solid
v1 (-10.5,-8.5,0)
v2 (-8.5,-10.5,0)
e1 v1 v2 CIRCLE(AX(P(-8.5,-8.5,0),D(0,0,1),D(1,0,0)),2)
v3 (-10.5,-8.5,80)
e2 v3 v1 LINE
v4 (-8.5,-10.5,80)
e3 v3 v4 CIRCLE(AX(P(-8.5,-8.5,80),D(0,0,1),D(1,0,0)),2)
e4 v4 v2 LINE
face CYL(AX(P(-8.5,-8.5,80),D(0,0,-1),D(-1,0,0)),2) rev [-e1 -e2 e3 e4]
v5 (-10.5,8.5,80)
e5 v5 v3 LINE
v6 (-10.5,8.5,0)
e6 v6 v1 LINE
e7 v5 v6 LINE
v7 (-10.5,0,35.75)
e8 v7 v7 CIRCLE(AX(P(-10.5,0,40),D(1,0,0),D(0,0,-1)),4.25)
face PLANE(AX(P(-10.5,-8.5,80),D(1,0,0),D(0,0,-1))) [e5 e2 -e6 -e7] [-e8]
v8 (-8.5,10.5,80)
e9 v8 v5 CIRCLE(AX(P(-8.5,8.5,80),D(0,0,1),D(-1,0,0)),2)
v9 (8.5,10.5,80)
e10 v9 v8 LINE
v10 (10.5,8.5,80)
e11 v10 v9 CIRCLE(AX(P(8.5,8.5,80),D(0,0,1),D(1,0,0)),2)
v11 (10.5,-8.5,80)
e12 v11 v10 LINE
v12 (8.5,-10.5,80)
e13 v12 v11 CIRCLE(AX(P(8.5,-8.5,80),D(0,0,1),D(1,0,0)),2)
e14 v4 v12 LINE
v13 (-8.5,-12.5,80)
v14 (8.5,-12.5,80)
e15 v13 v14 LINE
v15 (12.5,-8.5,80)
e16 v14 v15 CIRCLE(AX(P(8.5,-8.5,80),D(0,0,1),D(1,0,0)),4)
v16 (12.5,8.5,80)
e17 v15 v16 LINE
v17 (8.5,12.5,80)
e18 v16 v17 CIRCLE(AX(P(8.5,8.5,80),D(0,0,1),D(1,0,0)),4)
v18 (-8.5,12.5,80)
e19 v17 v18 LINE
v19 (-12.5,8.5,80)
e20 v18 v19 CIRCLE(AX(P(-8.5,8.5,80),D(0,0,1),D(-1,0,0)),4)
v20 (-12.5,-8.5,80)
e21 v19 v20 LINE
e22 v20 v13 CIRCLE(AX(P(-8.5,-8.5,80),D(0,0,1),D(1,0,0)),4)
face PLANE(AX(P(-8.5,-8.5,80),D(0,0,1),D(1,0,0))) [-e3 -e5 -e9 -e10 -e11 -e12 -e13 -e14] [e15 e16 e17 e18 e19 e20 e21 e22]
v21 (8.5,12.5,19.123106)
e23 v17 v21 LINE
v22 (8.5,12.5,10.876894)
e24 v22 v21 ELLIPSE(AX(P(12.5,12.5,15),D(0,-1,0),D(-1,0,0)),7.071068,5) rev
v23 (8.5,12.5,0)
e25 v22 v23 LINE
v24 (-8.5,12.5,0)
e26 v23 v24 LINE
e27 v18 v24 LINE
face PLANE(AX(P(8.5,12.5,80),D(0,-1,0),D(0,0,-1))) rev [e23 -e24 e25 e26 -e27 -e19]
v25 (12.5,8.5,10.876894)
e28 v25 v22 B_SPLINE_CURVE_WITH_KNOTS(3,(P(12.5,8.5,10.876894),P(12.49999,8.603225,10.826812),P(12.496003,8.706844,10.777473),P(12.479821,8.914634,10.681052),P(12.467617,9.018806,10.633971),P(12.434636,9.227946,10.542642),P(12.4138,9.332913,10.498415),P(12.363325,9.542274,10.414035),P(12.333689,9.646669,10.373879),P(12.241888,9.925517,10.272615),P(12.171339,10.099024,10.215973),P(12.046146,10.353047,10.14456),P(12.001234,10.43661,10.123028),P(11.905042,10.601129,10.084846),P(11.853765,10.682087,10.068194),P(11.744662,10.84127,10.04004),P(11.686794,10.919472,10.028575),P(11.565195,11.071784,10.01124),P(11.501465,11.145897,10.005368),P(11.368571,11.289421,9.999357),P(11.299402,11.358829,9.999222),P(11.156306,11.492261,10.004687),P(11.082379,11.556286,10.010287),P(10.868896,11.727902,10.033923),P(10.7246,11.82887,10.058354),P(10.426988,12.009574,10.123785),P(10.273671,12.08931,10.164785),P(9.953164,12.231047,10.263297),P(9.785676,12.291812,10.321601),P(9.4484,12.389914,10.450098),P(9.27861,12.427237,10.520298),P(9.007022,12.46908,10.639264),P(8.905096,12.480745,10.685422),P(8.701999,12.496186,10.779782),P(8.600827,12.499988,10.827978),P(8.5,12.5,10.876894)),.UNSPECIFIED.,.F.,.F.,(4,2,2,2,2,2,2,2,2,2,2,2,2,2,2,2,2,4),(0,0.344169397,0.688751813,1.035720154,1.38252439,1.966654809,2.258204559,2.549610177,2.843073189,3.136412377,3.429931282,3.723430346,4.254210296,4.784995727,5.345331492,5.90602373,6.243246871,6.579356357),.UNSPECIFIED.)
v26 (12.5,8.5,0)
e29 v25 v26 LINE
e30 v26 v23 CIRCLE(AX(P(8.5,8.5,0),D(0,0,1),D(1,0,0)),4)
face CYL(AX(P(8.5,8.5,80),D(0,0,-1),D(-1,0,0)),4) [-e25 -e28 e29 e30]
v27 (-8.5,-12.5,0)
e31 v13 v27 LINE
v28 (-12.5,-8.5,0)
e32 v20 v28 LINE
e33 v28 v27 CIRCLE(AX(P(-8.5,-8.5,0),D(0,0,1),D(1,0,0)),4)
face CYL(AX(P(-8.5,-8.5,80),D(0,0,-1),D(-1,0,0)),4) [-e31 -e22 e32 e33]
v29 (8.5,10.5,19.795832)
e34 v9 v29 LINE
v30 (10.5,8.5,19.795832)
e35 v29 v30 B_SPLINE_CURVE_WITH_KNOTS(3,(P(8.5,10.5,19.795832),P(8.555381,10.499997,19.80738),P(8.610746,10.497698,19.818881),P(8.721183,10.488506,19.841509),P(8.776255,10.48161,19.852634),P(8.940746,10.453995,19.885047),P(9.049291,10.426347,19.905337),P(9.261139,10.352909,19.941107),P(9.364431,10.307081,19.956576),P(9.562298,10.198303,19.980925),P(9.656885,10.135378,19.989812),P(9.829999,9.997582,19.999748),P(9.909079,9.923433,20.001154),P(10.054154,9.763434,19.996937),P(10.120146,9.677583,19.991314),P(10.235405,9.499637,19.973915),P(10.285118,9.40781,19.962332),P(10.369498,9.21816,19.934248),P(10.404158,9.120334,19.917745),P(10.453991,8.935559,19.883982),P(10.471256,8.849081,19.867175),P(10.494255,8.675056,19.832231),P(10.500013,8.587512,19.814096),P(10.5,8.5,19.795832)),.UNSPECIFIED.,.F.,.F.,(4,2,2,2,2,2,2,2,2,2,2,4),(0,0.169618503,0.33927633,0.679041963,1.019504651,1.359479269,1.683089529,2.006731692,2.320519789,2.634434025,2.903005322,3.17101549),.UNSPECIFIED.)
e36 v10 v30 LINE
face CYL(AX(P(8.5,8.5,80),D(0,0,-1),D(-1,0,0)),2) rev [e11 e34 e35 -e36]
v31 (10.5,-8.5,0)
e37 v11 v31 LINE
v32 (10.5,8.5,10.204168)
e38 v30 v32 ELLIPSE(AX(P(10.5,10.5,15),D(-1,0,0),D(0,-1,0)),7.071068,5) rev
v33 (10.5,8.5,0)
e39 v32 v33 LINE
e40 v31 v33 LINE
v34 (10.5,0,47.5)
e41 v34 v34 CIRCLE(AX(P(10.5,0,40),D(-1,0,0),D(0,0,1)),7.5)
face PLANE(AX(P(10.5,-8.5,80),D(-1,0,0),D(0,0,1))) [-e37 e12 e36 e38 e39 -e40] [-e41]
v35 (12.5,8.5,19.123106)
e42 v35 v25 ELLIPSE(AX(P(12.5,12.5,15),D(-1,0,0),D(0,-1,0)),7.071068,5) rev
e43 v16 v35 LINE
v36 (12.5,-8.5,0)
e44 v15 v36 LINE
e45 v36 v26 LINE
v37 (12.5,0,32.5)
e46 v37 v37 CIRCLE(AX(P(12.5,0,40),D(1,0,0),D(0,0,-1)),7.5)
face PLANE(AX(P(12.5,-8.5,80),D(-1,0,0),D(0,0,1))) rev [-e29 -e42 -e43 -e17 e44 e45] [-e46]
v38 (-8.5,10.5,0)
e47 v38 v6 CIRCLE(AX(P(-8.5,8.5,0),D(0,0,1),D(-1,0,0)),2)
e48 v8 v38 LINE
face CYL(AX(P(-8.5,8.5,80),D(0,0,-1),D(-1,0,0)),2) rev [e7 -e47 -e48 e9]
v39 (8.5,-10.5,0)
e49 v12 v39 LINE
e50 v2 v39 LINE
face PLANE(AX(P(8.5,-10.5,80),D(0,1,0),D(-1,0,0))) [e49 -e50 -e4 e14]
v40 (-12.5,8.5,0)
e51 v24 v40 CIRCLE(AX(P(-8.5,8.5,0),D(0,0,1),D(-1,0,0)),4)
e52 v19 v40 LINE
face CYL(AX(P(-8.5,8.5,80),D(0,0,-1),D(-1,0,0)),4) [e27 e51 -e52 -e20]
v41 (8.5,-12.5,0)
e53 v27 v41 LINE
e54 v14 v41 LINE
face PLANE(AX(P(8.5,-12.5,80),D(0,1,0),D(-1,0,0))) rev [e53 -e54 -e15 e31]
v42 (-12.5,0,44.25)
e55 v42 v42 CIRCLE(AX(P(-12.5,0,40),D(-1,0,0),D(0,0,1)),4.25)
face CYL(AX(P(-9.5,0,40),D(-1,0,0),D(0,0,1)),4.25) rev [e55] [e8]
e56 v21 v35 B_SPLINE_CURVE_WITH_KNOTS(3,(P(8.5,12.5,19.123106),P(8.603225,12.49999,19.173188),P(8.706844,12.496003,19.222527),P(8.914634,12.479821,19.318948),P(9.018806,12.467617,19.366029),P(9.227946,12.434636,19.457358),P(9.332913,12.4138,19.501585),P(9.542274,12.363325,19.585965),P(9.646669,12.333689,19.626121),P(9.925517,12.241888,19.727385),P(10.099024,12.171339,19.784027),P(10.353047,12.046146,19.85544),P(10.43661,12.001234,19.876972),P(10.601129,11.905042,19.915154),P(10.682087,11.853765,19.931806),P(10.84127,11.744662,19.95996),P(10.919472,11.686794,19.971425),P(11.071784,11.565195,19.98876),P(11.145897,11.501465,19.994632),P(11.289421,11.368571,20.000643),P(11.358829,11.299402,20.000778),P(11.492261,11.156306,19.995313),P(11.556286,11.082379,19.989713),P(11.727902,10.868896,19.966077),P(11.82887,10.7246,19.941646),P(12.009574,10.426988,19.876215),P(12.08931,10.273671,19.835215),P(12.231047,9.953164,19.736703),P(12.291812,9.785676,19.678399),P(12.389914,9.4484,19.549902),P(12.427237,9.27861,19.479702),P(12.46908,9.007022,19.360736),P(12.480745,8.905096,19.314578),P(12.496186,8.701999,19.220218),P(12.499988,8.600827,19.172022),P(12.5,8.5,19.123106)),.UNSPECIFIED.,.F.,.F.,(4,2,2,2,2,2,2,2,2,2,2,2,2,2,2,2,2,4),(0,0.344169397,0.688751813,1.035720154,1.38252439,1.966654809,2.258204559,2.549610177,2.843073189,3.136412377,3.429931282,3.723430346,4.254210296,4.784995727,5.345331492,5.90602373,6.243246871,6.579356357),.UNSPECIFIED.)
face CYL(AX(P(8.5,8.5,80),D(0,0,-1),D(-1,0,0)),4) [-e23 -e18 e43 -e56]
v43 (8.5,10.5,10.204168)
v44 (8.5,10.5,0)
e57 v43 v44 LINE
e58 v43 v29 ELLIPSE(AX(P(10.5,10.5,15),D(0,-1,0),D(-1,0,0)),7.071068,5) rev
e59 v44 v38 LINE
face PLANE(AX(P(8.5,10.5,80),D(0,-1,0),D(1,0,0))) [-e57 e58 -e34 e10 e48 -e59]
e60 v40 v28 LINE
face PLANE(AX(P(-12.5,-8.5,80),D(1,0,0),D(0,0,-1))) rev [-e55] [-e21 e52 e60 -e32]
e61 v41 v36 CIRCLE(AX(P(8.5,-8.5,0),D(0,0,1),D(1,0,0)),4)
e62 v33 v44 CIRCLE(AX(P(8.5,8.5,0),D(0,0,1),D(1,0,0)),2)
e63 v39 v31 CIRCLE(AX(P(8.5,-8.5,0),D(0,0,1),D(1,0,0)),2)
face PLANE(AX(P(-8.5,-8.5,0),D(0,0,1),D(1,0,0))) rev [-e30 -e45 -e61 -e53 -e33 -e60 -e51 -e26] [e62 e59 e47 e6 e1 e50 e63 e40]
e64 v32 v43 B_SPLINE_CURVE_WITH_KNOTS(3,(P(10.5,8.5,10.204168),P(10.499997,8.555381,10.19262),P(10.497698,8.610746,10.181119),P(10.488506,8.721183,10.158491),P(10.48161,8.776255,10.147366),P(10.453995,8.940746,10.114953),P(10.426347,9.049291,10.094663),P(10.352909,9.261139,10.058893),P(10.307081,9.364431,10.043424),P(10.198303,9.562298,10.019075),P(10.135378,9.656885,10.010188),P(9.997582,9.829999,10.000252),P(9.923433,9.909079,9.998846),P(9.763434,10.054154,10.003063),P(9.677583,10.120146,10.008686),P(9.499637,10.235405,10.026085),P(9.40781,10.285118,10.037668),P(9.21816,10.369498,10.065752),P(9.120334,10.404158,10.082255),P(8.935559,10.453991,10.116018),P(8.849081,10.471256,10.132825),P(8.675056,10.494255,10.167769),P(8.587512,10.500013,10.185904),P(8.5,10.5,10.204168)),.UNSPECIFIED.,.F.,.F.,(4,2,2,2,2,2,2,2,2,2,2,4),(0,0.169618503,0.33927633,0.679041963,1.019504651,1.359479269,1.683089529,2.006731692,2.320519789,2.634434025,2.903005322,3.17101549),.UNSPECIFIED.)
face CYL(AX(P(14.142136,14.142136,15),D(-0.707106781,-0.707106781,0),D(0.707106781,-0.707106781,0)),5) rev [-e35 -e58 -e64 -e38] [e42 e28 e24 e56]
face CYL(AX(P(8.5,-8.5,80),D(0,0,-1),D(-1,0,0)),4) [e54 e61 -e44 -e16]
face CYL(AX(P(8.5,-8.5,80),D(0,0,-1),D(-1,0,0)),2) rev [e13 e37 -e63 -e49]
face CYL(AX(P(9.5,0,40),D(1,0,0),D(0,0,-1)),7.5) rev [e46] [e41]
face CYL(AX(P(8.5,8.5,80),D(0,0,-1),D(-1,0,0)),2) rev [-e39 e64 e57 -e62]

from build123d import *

# Parameters (mm, degrees)
EXTRUDE_1_DEPTH     = 80
SKETCH_2_R          = 7.5
CUT_EXTRUDE_1_DEPTH = 3
SKETCH_3_R          = 4.25
CUT_EXTRUDE_2_DEPTH = 3
SKETCH_4_R          = 5
CUT_EXTRUDE_3_DEPTH = 20


with BuildPart() as part:
    # Эскиз1 → Бобышка-Вытянуть1 (new body)
    with BuildSketch(Plane.XY):
        with BuildLine():
            Line((8.5, -12.5), (-8.5, -12.5))
            ThreePointArc((-8.5, -12.5), (-11.328427125, -11.328427125), (-12.5, -8.5))
            Line((-12.5, -8.5), (-12.5, 8.5))
            ThreePointArc((-12.5, 8.5), (-11.328427125, 11.328427125), (-8.5, 12.5))
            Line((-8.5, 12.5), (8.5, 12.5))
            ThreePointArc((8.5, 12.5), (11.328427125, 11.328427125), (12.5, 8.5))
            Line((12.5, 8.5), (12.5, -8.5))
            ThreePointArc((12.5, -8.5), (11.328427125, -11.328427125), (8.5, -12.5))
        make_face()
        with BuildLine():
            Line((-10.5, -8.5), (-10.5, 8.5))
            ThreePointArc((-10.5, 8.5), (-9.914213562, 9.914213562), (-8.5, 10.5))
            Line((-8.5, 10.5), (8.5, 10.5))
            ThreePointArc((8.5, 10.5), (9.914213562, 9.914213562), (10.5, 8.5))
            Line((10.5, 8.5), (10.5, -8.5))
            ThreePointArc((10.5, -8.5), (9.914213562, -9.914213562), (8.5, -10.5))
            Line((8.5, -10.5), (-8.5, -10.5))
            ThreePointArc((-8.5, -10.5), (-9.914213562, -9.914213562), (-10.5, -8.5))
        make_face(mode=Mode.SUBTRACT)
    extrude(amount=EXTRUDE_1_DEPTH)

    # Эскиз2 → Вырез-Вытянуть1 (cut)
    with BuildSketch(Plane(origin=(12.5, 0, 0), x_dir=(0, 0, -1), z_dir=(1, 0, 0))):
        with Locations((-40, 0)):
            Circle(SKETCH_2_R)
    extrude(amount=-CUT_EXTRUDE_1_DEPTH, mode=Mode.SUBTRACT)

    # Эскиз3 → Вырез-Вытянуть2 (cut)
    with BuildSketch(Plane.ZY.offset(12.5)):
        with Locations((40, 0)):
            Circle(SKETCH_3_R)
    extrude(amount=-CUT_EXTRUDE_2_DEPTH, mode=Mode.SUBTRACT)

    # Эскиз4 → Вырез-Вытянуть3 (cut)
    with BuildSketch(Plane(origin=(0, 0, 0), x_dir=(0, 0, -1), z_dir=(0.7071067811865488, 0.7071067811865464, 0))):
        with Locations((-15, 0)):
            Circle(SKETCH_4_R)
    extrude(amount=CUT_EXTRUDE_3_DEPTH, mode=Mode.SUBTRACT)


solid = part.part
